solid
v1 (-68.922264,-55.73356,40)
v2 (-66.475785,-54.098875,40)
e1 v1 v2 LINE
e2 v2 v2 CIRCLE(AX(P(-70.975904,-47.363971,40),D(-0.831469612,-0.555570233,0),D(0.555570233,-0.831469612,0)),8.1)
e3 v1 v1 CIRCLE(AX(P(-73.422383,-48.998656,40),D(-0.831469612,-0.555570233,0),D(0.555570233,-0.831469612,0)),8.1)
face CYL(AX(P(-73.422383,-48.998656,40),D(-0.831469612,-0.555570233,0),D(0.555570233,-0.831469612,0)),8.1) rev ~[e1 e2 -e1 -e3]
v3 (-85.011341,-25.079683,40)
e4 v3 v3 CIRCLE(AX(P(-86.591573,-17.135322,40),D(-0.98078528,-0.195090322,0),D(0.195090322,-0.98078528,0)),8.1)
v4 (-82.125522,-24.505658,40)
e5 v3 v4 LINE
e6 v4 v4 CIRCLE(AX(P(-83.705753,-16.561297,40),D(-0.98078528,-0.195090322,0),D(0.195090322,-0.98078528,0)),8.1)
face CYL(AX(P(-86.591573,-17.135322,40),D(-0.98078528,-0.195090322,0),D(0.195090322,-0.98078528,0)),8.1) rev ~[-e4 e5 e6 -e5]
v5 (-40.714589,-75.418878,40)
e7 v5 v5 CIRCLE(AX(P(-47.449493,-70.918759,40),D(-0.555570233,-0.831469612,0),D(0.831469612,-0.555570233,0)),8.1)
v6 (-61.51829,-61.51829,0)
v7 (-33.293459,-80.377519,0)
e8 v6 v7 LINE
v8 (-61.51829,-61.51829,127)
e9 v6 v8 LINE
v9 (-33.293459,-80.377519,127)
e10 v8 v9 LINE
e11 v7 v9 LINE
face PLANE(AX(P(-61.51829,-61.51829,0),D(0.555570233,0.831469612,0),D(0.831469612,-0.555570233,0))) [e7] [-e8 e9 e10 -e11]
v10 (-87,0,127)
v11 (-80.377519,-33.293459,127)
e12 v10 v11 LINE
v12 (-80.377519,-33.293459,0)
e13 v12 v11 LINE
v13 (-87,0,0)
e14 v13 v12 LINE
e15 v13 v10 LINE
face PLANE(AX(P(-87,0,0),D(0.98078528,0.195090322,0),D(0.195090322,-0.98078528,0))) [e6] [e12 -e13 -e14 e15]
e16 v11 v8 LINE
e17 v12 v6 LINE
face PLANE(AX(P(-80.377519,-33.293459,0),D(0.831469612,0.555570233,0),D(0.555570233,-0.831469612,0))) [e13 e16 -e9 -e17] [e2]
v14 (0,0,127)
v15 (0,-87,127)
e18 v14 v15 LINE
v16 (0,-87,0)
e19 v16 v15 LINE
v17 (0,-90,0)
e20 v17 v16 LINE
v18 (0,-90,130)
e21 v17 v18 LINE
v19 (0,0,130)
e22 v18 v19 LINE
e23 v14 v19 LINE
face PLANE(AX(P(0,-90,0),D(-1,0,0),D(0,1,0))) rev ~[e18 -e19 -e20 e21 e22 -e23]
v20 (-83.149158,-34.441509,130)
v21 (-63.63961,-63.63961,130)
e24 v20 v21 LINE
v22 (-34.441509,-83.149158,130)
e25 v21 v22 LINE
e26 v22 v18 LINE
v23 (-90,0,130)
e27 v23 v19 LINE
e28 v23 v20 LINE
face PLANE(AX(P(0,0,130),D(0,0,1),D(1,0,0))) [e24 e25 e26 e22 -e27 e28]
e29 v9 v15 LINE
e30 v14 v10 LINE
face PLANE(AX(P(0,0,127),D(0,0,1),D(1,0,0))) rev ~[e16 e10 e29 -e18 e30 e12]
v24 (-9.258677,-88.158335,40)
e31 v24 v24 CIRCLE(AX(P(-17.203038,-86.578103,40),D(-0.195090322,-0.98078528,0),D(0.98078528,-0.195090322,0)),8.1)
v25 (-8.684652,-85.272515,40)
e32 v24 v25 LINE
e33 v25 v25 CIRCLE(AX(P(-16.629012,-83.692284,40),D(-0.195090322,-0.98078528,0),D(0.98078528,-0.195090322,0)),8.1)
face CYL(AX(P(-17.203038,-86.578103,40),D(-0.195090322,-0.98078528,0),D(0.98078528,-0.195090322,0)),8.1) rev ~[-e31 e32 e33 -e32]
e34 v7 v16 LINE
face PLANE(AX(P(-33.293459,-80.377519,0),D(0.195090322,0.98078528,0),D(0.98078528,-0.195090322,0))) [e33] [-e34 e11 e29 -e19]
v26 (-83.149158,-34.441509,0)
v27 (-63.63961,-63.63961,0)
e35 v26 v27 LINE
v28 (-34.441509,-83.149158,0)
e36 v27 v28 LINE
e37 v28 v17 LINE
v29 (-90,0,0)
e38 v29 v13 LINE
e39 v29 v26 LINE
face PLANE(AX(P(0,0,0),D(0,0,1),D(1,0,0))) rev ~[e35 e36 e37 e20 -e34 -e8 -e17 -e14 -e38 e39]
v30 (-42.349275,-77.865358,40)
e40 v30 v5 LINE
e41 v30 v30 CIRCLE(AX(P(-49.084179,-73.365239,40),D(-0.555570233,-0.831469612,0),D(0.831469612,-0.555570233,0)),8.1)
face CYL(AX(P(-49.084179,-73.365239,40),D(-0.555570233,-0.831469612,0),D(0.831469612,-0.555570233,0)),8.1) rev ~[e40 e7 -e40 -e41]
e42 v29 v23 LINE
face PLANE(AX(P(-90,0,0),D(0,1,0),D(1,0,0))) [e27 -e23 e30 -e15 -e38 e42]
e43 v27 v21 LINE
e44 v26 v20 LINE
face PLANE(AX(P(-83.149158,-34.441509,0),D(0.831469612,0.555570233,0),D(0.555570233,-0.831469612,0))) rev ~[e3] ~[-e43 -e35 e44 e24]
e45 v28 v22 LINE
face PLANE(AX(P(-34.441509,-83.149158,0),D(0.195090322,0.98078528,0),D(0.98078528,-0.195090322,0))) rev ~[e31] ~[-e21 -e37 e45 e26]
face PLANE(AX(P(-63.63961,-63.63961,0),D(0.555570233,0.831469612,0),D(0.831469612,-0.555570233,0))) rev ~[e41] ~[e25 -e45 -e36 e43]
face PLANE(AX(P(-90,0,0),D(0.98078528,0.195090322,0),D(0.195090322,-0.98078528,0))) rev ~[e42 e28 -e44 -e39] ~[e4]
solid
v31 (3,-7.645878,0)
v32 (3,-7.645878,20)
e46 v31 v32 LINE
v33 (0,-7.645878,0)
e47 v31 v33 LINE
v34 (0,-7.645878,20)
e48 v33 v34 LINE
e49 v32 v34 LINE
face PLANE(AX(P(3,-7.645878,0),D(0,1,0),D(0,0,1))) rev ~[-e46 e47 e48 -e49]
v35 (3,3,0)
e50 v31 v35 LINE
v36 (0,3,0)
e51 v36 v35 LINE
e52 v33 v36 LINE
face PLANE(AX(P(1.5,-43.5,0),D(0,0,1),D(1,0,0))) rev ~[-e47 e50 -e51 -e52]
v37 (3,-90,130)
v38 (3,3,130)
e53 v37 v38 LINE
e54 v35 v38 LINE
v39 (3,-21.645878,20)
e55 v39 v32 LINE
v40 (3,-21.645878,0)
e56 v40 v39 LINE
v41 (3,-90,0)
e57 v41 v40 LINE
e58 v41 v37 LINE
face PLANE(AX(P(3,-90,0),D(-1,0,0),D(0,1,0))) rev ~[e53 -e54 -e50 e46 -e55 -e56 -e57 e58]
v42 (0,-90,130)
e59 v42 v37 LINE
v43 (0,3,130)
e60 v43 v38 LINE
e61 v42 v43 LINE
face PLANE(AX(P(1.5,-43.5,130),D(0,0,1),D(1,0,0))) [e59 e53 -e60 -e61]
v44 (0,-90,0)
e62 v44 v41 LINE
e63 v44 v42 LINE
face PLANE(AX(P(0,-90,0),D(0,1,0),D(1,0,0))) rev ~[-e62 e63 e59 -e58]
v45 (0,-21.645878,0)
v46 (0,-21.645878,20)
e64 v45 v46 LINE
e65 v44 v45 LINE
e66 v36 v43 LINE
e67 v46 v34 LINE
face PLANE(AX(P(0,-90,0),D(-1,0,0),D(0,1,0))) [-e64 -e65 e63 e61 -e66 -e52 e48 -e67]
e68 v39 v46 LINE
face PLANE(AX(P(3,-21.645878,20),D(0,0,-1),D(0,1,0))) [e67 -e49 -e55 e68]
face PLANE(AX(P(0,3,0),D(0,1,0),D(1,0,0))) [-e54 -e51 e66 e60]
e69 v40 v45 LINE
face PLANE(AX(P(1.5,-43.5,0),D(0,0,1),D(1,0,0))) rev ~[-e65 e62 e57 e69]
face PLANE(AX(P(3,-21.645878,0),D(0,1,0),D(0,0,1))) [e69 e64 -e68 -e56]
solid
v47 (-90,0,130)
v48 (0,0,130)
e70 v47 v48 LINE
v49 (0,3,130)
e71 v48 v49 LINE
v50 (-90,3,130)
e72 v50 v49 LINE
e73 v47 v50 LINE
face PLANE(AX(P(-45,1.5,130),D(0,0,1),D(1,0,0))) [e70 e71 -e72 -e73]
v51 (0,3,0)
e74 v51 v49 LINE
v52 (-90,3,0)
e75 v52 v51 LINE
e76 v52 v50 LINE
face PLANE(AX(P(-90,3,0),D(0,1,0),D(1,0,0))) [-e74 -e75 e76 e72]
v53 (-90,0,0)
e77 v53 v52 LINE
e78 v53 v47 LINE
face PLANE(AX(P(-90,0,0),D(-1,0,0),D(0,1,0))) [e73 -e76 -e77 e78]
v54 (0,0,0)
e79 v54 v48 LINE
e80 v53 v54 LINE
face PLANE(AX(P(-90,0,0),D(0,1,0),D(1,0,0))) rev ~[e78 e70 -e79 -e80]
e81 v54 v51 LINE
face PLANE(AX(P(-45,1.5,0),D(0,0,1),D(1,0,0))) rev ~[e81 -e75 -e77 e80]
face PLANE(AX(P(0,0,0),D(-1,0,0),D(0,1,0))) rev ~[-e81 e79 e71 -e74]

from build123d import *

# Parameters (mm, degrees)
BOX002_W        = 90
BOX002_H        = 3
BOX002_DEPTH    = 130
BOX001_W        = 90
BOX001_H        = 90
BOX001_DEPTH    = 130
BOX_W           = 90
BOX_H           = 180
BOX_DEPTH       = 130
PRISM001_DEPTH  = 127
PRISM_DEPTH     = 130
SKETCH001_R     = 8.1
POCKET_DEPTH    = 3
SKETCH002_R     = 8.1
POCKET001_DEPTH = 3
SKETCH003_R     = 8.1
POCKET002_DEPTH = 3
SKETCH004_R     = 8.1
POCKET003_DEPTH = 3
BOX003_W        = 3
BOX003_H        = 93
BOX003_DEPTH    = 130
SKETCH005_W     = 14
SKETCH005_H     = 20
POCKET004_DEPTH = 3


with BuildPart() as cubo002:
    # Box002 → Box002 (new body)
    with BuildSketch(Plane(origin=(-90, 0, 0), x_dir=(1, 0, 0), z_dir=(0, 0, 1))):
        with Locations((45, 1.5)):
            Rectangle(BOX002_W, BOX002_H)
    extrude(amount=BOX002_DEPTH)


with BuildPart() as cubo001:
    # Box001 → Box001 (new body)
    with BuildSketch(Plane(origin=(-90, 0, 0), x_dir=(1, 0, 0), z_dir=(0, 0, 1))):
        with Locations((45, 45)):
            Rectangle(BOX001_W, BOX001_H)
    extrude(amount=BOX001_DEPTH)


with BuildPart() as cubo:
    # Box → Box (new body)
    with BuildSketch(Plane(origin=(0, -90, 0), x_dir=(1, 0, 0), z_dir=(0, 0, 1))):
        with Locations((45, 90)):
            Rectangle(BOX_W, BOX_H)
    extrude(amount=BOX_DEPTH)


with BuildPart() as prisma001:
    # Prism001 → Prism001 (new body)
    with BuildSketch(Plane.XY):
        Polygon((87, 0), (80.3775193285, 33.2934586158), (61.5182899632, 61.5182899632), (33.2934586158, 80.3775193285), (0, 87), (-33.2934586158, 80.3775193285), (-61.5182899632, 61.5182899632), (-80.3775193285, 33.2934586158), (-87, 0), (-80.3775193285, -33.2934586158), (-61.5182899632, -61.5182899632), (-33.2934586158, -80.3775193285), (0, -87), (33.2934586158, -80.3775193285), (61.5182899632, -61.5182899632), (80.3775193285, -33.2934586158), align=None)
    extrude(amount=PRISM001_DEPTH)


with BuildPart() as pocket003:
    # Prism → Prism (new body)
    with BuildSketch(Plane.XY):
        Polygon((90, 0), (83.149157926, 34.4415089129), (63.6396103068, 63.6396103068), (34.4415089129, 83.149157926), (0, 90), (-34.4415089129, 83.149157926), (-63.6396103068, 63.6396103068), (-83.149157926, 34.4415089129), (-90, 0), (-83.149157926, -34.4415089129), (-63.6396103068, -63.6396103068), (-34.4415089129, -83.149157926), (0, -90), (34.4415089129, -83.149157926), (63.6396103068, -63.6396103068), (83.149157926, -34.4415089129), align=None)
    extrude(amount=PRISM_DEPTH)

    # Cut: cut Prisma001
    add(prisma001.part, mode=Mode.SUBTRACT)

    # Cut001: cut Cubo
    add(cubo.part, mode=Mode.SUBTRACT)

    # Cut002: cut Cubo001
    add(cubo001.part, mode=Mode.SUBTRACT)

    # Sketch001 → Pocket (cut)
    with BuildSketch(Plane(origin=(-86.574578963, -17.2207544564, 0), x_dir=(0.195090322, -0.9807852804, 0), z_dir=(-0.9807852804, -0.195090322, 0))):
        with Locations((-0.087106, 40)):
            Circle(SKETCH001_R)
    extrude(amount=-POCKET_DEPTH, mode=Mode.SUBTRACT)

    # Sketch002 → Pocket001 (cut)
    with BuildSketch(Plane(origin=(-73.3943841164, -49.0405596098, 0), x_dir=(0.555570233, -0.8314696123, 0), z_dir=(-0.8314696123, -0.555570233, 0))):
        with Locations((-0.050397, 40)):
            Circle(SKETCH002_R)
    extrude(amount=-POCKET001_DEPTH, mode=Mode.SUBTRACT)

    # Sketch003 → Pocket002 (cut)
    with BuildSketch(Plane(origin=(-49.0405596098, -73.3943841164, 0), x_dir=(0.8314696123, -0.555570233, 0), z_dir=(-0.555570233, -0.8314696123, 0))):
        with Locations((-0.05246, 40)):
            Circle(SKETCH003_R)
    extrude(amount=-POCKET002_DEPTH, mode=Mode.SUBTRACT)

    # Sketch004 → Pocket003 (cut)
    with BuildSketch(Plane(origin=(-17.2207544564, -86.574578963, 0), x_dir=(0.9807852804, -0.195090322, 0), z_dir=(-0.195090322, -0.9807852804, 0))):
        with Locations((0.018064, 40)):
            Circle(SKETCH004_R)
    extrude(amount=-POCKET003_DEPTH, mode=Mode.SUBTRACT)


with BuildPart() as pocket004:
    # Box003 → Box003 (new body)
    with BuildSketch(Plane(origin=(0, -90, 0), x_dir=(1, 0, 0), z_dir=(0, 0, 1))):
        with Locations((1.5, 46.5)):
            Rectangle(BOX003_W, BOX003_H)
    extrude(amount=BOX003_DEPTH)

    # Sketch005 → Pocket004 (cut)
    with BuildSketch(Plane(origin=(3, -90, 0), x_dir=(0, 1, 0), z_dir=(1, 0, 0))):
        with Locations((75.3541223238, 10)):
            Rectangle(SKETCH005_W, SKETCH005_H)
    extrude(amount=-POCKET004_DEPTH, mode=Mode.SUBTRACT)


solid = Compound([cubo002.part, pocket003.part, pocket004.part])
